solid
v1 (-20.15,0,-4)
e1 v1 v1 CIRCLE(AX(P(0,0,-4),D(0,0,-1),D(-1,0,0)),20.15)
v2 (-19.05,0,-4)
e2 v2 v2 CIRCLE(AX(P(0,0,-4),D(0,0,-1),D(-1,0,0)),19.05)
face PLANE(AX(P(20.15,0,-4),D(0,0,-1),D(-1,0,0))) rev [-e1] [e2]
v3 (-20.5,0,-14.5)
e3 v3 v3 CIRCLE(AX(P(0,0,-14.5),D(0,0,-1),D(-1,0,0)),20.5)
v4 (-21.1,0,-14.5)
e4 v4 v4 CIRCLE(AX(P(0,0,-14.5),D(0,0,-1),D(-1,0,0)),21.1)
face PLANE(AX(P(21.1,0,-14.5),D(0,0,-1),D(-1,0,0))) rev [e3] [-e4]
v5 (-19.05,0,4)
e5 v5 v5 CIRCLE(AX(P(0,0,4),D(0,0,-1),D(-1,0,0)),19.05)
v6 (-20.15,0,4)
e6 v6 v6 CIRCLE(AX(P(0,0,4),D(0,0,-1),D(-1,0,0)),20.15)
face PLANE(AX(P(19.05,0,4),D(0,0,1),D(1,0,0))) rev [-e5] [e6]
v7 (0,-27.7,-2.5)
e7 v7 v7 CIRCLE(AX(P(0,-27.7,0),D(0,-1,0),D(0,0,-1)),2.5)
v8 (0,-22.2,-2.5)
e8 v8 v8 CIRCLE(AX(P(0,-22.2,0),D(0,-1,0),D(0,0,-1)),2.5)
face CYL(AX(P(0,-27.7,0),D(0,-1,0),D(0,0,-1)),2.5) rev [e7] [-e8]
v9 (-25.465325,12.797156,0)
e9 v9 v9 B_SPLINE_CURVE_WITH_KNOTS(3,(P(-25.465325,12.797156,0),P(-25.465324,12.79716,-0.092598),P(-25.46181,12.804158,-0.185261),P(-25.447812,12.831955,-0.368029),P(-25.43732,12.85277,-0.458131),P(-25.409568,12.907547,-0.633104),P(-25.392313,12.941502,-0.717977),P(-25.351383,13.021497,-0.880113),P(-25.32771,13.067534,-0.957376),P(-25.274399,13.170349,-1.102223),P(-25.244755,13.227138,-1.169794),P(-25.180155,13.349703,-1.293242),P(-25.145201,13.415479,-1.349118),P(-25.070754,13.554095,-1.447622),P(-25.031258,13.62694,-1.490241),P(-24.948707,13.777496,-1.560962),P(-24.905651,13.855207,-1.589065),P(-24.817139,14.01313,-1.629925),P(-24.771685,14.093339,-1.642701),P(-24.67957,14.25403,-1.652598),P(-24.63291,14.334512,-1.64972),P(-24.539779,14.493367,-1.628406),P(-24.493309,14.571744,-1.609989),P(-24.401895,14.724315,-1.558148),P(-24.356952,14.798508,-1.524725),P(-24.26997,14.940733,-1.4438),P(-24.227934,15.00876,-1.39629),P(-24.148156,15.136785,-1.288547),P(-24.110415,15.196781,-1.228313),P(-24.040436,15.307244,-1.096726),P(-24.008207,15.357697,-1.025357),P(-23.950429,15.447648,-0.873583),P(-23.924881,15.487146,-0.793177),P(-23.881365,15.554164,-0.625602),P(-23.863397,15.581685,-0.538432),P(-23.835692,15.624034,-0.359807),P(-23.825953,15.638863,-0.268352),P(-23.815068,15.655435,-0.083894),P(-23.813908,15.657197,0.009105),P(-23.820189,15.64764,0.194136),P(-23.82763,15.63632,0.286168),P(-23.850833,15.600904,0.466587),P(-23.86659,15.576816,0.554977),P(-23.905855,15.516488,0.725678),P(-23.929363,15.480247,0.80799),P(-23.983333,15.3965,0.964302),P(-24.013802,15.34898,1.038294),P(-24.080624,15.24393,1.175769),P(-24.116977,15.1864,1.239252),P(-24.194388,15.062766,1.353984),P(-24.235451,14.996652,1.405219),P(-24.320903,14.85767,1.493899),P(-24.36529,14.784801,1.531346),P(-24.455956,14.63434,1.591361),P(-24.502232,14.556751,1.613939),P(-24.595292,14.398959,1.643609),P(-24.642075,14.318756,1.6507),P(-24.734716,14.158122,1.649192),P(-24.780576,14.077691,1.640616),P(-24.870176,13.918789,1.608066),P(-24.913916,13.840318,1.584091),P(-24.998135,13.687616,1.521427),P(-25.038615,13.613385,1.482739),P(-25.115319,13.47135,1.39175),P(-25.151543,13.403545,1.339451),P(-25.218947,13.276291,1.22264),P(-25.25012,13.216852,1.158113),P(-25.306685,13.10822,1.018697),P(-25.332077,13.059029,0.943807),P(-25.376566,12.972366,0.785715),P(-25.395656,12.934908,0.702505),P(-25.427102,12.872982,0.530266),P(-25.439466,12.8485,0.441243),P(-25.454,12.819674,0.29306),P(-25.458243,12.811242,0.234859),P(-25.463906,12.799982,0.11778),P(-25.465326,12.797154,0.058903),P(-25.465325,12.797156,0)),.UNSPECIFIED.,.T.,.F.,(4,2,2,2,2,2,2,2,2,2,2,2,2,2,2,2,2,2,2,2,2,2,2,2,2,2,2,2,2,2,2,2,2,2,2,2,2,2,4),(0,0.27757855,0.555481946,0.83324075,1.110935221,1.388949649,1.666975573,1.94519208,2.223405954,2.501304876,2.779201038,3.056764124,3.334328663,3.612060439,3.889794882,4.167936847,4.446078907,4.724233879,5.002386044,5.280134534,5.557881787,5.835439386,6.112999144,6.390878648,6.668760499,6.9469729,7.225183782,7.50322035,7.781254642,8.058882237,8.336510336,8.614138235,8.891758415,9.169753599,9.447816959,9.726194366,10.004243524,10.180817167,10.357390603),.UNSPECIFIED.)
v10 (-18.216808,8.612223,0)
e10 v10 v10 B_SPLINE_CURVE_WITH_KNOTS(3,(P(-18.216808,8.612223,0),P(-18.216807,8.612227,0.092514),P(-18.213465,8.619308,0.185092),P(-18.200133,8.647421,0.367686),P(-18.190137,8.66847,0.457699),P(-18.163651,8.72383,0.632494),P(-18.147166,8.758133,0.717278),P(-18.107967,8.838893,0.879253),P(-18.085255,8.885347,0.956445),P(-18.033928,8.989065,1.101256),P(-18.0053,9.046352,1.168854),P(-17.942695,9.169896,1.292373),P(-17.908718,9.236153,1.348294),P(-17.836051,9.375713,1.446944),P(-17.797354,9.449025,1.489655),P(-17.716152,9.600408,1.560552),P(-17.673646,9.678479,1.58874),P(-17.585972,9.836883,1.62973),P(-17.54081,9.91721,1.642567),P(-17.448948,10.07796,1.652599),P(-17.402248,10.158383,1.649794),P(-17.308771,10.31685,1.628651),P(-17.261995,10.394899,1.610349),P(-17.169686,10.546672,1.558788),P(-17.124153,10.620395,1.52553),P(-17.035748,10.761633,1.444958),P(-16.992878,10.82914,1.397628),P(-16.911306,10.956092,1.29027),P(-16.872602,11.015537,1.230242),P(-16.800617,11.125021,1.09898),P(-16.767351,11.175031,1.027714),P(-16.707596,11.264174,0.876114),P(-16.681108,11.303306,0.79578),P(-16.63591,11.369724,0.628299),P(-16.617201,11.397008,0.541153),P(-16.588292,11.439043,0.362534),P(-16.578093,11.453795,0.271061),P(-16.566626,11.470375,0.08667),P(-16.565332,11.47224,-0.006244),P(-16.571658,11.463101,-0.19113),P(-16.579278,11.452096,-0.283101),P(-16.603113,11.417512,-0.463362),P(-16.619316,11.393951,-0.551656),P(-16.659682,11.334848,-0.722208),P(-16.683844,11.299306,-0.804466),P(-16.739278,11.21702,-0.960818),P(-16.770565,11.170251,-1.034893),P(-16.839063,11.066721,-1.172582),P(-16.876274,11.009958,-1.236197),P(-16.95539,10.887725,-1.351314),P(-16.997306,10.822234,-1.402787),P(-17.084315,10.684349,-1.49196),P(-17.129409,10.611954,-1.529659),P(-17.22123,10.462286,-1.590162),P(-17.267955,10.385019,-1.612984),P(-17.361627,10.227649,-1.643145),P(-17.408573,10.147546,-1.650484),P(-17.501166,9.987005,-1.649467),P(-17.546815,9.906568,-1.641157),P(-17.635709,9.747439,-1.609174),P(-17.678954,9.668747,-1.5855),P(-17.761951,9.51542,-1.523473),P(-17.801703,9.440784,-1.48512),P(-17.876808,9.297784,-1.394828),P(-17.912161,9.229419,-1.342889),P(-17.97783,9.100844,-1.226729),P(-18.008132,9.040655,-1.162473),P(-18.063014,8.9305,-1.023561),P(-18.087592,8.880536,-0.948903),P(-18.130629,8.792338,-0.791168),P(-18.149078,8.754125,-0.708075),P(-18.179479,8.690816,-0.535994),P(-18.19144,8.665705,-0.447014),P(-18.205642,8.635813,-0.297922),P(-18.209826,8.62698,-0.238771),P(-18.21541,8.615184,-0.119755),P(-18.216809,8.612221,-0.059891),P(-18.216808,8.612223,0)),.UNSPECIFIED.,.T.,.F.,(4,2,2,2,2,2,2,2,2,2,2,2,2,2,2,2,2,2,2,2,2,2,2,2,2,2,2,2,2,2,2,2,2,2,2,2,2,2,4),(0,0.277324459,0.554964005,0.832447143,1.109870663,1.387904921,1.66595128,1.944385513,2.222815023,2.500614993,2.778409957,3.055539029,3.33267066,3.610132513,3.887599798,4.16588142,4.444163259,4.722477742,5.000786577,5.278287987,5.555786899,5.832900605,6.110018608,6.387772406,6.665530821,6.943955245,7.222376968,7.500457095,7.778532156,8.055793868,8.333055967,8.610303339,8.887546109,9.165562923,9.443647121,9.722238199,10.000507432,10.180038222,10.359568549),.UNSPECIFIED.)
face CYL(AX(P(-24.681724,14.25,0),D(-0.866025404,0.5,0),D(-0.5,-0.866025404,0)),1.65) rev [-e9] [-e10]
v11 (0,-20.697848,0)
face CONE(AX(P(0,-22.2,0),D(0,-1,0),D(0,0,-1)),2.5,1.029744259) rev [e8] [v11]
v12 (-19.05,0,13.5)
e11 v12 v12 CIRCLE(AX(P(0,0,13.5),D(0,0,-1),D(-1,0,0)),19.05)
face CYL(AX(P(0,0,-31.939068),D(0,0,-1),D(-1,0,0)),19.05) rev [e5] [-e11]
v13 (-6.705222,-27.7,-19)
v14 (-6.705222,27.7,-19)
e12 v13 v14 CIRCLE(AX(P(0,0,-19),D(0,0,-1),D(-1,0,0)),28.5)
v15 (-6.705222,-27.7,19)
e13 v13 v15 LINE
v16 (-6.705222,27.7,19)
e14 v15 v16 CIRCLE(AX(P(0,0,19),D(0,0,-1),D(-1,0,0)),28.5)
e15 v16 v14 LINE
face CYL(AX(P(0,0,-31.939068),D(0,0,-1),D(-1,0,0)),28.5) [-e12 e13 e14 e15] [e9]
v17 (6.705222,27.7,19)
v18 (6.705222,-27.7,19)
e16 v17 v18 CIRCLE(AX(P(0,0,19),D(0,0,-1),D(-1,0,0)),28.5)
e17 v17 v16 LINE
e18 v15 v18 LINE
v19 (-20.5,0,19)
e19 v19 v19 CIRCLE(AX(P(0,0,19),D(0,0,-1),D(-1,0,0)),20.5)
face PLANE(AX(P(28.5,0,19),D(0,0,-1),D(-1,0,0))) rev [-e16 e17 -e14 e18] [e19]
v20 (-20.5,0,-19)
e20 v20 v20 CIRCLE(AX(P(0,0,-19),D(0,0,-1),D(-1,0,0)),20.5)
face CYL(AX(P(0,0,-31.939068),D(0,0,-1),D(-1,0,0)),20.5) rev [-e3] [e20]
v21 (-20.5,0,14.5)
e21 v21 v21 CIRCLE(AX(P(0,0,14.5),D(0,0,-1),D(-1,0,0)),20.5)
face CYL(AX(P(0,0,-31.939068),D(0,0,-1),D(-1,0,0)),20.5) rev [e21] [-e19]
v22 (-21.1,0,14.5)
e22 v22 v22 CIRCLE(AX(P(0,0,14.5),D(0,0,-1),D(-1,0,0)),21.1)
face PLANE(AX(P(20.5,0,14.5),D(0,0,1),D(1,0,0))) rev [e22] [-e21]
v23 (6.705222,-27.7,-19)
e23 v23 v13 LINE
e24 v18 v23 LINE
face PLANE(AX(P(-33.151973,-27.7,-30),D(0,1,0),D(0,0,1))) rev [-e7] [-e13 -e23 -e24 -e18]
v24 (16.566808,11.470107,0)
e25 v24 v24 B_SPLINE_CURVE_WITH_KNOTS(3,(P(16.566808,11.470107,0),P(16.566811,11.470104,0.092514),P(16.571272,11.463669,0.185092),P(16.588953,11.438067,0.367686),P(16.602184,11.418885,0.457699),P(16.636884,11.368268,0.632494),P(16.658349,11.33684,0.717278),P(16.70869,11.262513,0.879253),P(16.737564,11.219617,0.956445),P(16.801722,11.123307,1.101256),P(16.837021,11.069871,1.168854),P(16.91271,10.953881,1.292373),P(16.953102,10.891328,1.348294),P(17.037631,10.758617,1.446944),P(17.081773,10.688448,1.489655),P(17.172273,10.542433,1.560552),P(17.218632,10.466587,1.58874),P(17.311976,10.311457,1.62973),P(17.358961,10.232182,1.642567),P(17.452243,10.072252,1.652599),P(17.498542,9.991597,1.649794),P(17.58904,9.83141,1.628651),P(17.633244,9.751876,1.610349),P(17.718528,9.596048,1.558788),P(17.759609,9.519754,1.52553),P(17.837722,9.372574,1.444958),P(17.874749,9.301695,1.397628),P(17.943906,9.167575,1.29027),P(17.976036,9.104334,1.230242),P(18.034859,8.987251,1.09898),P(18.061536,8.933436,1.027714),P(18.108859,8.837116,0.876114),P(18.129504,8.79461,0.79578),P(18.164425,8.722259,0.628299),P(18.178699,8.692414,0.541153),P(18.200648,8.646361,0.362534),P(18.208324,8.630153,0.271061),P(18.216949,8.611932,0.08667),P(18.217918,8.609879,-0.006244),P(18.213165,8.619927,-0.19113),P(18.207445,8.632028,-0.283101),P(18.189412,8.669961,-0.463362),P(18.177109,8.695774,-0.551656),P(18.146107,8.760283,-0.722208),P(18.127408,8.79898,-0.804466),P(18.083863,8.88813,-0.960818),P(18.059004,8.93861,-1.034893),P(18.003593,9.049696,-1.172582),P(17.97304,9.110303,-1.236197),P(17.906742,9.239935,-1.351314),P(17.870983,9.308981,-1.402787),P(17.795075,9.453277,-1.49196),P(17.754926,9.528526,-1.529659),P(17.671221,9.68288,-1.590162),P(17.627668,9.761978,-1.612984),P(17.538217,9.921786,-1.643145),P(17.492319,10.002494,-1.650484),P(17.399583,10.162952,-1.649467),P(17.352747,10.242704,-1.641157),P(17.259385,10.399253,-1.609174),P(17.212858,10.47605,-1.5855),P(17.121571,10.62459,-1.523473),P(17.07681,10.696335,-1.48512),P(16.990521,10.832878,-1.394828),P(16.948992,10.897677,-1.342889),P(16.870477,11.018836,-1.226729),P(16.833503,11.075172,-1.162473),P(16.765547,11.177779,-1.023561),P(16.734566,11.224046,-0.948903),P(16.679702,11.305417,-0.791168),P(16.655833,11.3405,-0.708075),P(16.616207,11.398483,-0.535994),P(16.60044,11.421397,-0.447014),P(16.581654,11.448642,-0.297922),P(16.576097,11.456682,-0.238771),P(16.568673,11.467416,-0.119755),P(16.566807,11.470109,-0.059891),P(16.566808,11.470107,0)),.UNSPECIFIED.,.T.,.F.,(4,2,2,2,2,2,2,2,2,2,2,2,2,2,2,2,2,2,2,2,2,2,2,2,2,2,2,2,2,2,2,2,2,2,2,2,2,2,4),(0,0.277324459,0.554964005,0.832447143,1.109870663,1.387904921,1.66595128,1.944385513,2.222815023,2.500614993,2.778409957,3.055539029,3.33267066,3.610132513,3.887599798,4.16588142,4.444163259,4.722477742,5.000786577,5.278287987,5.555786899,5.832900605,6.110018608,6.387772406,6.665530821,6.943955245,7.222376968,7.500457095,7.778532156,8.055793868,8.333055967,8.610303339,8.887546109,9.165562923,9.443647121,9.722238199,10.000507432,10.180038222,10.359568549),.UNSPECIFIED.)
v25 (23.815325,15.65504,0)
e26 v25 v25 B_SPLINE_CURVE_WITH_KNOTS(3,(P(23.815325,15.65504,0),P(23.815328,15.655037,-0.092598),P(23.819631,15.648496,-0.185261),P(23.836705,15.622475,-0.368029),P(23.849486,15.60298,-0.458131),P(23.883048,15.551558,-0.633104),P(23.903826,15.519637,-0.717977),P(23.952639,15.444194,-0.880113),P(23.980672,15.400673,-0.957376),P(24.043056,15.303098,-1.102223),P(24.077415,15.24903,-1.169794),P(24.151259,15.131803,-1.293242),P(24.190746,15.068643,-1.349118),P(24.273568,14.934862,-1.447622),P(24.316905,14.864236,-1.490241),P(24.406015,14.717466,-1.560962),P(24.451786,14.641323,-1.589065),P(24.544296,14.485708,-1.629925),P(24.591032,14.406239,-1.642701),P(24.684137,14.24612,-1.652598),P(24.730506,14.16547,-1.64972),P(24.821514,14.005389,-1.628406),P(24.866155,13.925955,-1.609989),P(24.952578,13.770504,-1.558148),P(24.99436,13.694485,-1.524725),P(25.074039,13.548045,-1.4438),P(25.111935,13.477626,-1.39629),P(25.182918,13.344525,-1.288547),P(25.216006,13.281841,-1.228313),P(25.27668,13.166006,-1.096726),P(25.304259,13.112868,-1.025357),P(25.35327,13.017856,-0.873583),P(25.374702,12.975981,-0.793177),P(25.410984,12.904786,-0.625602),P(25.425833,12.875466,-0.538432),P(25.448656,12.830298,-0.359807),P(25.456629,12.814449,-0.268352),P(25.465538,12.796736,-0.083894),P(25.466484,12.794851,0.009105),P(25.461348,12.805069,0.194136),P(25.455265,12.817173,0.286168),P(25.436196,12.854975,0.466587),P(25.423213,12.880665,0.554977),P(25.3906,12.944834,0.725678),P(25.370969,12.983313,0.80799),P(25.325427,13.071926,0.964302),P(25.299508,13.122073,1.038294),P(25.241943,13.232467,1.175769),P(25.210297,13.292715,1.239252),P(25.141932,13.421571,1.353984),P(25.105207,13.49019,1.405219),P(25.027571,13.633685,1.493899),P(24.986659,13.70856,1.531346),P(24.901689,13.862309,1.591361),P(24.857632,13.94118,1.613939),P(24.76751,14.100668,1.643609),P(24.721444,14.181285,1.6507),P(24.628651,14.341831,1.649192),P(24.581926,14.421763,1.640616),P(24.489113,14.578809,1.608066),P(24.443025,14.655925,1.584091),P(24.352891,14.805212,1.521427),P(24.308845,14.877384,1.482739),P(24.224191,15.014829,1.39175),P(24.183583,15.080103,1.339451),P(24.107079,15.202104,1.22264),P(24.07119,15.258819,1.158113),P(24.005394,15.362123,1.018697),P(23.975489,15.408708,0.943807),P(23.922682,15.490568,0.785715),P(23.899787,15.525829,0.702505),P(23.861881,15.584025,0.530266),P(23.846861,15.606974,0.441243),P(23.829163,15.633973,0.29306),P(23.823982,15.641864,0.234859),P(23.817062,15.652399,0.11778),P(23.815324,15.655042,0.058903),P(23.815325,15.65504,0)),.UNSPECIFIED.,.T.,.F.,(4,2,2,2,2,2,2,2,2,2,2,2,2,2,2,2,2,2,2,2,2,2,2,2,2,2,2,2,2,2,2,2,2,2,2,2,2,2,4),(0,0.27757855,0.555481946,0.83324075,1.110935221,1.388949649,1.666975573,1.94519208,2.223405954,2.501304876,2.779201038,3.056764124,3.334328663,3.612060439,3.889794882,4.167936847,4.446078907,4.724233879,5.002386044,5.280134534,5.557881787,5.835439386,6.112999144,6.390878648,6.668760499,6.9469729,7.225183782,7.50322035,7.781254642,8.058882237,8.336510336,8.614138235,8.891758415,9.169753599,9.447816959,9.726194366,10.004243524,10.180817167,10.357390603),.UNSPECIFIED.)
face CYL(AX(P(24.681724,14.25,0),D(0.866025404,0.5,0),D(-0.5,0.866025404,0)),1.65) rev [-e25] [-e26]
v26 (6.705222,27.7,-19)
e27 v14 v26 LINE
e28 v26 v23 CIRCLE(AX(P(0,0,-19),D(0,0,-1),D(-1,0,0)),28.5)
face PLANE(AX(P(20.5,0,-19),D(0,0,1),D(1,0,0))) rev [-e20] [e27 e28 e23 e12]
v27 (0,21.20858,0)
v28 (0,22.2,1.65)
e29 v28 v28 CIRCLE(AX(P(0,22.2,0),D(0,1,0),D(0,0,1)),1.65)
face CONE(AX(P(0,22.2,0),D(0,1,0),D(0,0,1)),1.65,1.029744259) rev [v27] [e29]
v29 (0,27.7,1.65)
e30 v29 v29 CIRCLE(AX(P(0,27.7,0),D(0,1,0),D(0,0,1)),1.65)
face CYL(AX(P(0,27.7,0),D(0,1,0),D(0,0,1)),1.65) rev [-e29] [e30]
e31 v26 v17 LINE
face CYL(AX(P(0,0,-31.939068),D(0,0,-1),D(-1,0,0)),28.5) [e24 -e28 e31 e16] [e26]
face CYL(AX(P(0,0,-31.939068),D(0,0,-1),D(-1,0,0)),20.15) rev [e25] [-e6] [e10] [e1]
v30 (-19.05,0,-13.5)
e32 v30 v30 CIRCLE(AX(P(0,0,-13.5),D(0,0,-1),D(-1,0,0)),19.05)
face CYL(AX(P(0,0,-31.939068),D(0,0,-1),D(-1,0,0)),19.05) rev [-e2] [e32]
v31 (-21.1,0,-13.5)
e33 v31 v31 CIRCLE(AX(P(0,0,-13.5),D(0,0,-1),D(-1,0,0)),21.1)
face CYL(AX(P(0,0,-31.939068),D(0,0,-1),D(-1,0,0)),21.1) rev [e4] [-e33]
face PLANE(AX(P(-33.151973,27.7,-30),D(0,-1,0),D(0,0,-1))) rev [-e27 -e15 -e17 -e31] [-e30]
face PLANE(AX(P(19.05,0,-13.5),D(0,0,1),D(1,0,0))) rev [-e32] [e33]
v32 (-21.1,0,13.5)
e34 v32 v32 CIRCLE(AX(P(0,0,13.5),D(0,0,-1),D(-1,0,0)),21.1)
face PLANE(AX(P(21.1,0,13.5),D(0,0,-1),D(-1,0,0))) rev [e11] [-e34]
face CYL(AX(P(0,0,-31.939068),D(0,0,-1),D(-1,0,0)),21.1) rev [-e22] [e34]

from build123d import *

# Parameters (mm, degrees)
SKETCH_2_W                       = 64.02174429
SKETCH_2_H                       = 9.248919907
CUT_EXTRUDE_1_DEPTH              = 49
HOLE_WIZARD_M4_2_D               = 3.3
HOLE_WIZARD_M4_2_DEPTH           = 5.5
HOLE_WIZARD_M4_2_TIP             = 0.991420021
HOLE_WIZARD_M6_2_D               = 5
HOLE_WIZARD_M6_2_DEPTH           = 5.5
HOLE_WIZARD_M6_2_TIP             = 1.502151548
HOLE_WIZARD_M4_3_D               = 3.3
HOLE_WIZARD_M4_3_DEPTH           = 10.1
HOLE_WIZARD_M4_3_TIP             = 0.991420021
HOLE_WIZARD_M4_3_ON_FACE_2_D     = 3.3
HOLE_WIZARD_M4_3_ON_FACE_2_DEPTH = 10.1
HOLE_WIZARD_M4_3_ON_FACE_2_TIP   = 0.991420021


with BuildPart() as part:
    # 草图1 → 旋转1 (revolve)
    with BuildSketch(Plane(origin=(0, 0, 0), x_dir=(1, 0, 0), z_dir=(0, 1, 0)), mode=Mode.PRIVATE) as revolve_1_sk:
        Polygon((28.5, 19), (28.5, -19), (20.5, -19), (20.5, -14.5), (21.1, -14.5), (21.1, -13.5), (19.05, -13.5), (19.05, -4), (20.15, -4), (20.15, 4), (19.05, 4), (19.05, 13.5), (21.1, 13.5), (21.1, 14.5), (20.5, 14.5), (20.5, 19), align=None)
    revolve(revolve_1_sk.sketch.rotate(Axis((0, 0, -31.9390681), (0, 0, 1)), 180), axis=Axis((0, 0, -31.9390681), (0, 0, 1)))  # turned: the seam where the file's is

    # 草图2 → 切除-拉伸1 (cut)
    with BuildSketch(Plane.XY.offset(19)):
        with Locations((-1.141100508, 32.324459954)):
            Rectangle(SKETCH_2_W, SKETCH_2_H)
        with Locations((-1.141100508, -32.324459954)):
            Rectangle(SKETCH_2_W, SKETCH_2_H)
    extrude(amount=-CUT_EXTRUDE_1_DEPTH, mode=Mode.SUBTRACT)

    # M4 螺纹孔2
    with Locations(Plane(origin=(0, 27.7, 0), x_dir=(1, 0, 0), z_dir=(0, 1, 0))):
        with Locations((0, 0)):
            Hole(HOLE_WIZARD_M4_2_D / 2, depth=HOLE_WIZARD_M4_2_DEPTH)
            with Locations((0, 0, -(HOLE_WIZARD_M4_2_DEPTH + HOLE_WIZARD_M4_2_TIP / 2))):  # 118° drill point
                Cone(0, HOLE_WIZARD_M4_2_D / 2, HOLE_WIZARD_M4_2_TIP, mode=Mode.SUBTRACT)

    # M6 螺纹孔2
    with Locations(Plane(origin=(0, -27.7, 0), x_dir=(-1, 0, 0), z_dir=(0, -1, 0))):
        with Locations((0, 0)):
            Hole(HOLE_WIZARD_M6_2_D / 2, depth=HOLE_WIZARD_M6_2_DEPTH)
            with Locations((0, 0, -(HOLE_WIZARD_M6_2_DEPTH + HOLE_WIZARD_M6_2_TIP / 2))):  # 118° drill point
                Cone(0, HOLE_WIZARD_M6_2_D / 2, HOLE_WIZARD_M6_2_TIP, mode=Mode.SUBTRACT)

    # M4 螺纹孔3
    with Locations(Plane(origin=(24.681724008, 14.25, 0), x_dir=(-0.5, 0.866025404, 0), z_dir=(0.866025404, 0.5, 0))):
        with Locations((0, 0)):
            Hole(HOLE_WIZARD_M4_3_D / 2, depth=HOLE_WIZARD_M4_3_DEPTH)
            with Locations((0, 0, -(HOLE_WIZARD_M4_3_DEPTH + HOLE_WIZARD_M4_3_TIP / 2))):  # 118° drill point
                Cone(0, HOLE_WIZARD_M4_3_D / 2, HOLE_WIZARD_M4_3_TIP, mode=Mode.SUBTRACT)

    # M4 螺纹孔3 on face 2
    with Locations(Plane(origin=(-24.681724008, 14.25, 0), x_dir=(-0.500000175, -0.866025303, 0), z_dir=(-0.866025303, 0.500000175, 0))):
        with Locations((0, 0)):
            Hole(HOLE_WIZARD_M4_3_ON_FACE_2_D / 2, depth=HOLE_WIZARD_M4_3_ON_FACE_2_DEPTH)
            with Locations((0, 0, -(HOLE_WIZARD_M4_3_ON_FACE_2_DEPTH + HOLE_WIZARD_M4_3_ON_FACE_2_TIP / 2))):  # 118° drill point
                Cone(0, HOLE_WIZARD_M4_3_ON_FACE_2_D / 2, HOLE_WIZARD_M4_3_ON_FACE_2_TIP, mode=Mode.SUBTRACT)


solid = part.part
